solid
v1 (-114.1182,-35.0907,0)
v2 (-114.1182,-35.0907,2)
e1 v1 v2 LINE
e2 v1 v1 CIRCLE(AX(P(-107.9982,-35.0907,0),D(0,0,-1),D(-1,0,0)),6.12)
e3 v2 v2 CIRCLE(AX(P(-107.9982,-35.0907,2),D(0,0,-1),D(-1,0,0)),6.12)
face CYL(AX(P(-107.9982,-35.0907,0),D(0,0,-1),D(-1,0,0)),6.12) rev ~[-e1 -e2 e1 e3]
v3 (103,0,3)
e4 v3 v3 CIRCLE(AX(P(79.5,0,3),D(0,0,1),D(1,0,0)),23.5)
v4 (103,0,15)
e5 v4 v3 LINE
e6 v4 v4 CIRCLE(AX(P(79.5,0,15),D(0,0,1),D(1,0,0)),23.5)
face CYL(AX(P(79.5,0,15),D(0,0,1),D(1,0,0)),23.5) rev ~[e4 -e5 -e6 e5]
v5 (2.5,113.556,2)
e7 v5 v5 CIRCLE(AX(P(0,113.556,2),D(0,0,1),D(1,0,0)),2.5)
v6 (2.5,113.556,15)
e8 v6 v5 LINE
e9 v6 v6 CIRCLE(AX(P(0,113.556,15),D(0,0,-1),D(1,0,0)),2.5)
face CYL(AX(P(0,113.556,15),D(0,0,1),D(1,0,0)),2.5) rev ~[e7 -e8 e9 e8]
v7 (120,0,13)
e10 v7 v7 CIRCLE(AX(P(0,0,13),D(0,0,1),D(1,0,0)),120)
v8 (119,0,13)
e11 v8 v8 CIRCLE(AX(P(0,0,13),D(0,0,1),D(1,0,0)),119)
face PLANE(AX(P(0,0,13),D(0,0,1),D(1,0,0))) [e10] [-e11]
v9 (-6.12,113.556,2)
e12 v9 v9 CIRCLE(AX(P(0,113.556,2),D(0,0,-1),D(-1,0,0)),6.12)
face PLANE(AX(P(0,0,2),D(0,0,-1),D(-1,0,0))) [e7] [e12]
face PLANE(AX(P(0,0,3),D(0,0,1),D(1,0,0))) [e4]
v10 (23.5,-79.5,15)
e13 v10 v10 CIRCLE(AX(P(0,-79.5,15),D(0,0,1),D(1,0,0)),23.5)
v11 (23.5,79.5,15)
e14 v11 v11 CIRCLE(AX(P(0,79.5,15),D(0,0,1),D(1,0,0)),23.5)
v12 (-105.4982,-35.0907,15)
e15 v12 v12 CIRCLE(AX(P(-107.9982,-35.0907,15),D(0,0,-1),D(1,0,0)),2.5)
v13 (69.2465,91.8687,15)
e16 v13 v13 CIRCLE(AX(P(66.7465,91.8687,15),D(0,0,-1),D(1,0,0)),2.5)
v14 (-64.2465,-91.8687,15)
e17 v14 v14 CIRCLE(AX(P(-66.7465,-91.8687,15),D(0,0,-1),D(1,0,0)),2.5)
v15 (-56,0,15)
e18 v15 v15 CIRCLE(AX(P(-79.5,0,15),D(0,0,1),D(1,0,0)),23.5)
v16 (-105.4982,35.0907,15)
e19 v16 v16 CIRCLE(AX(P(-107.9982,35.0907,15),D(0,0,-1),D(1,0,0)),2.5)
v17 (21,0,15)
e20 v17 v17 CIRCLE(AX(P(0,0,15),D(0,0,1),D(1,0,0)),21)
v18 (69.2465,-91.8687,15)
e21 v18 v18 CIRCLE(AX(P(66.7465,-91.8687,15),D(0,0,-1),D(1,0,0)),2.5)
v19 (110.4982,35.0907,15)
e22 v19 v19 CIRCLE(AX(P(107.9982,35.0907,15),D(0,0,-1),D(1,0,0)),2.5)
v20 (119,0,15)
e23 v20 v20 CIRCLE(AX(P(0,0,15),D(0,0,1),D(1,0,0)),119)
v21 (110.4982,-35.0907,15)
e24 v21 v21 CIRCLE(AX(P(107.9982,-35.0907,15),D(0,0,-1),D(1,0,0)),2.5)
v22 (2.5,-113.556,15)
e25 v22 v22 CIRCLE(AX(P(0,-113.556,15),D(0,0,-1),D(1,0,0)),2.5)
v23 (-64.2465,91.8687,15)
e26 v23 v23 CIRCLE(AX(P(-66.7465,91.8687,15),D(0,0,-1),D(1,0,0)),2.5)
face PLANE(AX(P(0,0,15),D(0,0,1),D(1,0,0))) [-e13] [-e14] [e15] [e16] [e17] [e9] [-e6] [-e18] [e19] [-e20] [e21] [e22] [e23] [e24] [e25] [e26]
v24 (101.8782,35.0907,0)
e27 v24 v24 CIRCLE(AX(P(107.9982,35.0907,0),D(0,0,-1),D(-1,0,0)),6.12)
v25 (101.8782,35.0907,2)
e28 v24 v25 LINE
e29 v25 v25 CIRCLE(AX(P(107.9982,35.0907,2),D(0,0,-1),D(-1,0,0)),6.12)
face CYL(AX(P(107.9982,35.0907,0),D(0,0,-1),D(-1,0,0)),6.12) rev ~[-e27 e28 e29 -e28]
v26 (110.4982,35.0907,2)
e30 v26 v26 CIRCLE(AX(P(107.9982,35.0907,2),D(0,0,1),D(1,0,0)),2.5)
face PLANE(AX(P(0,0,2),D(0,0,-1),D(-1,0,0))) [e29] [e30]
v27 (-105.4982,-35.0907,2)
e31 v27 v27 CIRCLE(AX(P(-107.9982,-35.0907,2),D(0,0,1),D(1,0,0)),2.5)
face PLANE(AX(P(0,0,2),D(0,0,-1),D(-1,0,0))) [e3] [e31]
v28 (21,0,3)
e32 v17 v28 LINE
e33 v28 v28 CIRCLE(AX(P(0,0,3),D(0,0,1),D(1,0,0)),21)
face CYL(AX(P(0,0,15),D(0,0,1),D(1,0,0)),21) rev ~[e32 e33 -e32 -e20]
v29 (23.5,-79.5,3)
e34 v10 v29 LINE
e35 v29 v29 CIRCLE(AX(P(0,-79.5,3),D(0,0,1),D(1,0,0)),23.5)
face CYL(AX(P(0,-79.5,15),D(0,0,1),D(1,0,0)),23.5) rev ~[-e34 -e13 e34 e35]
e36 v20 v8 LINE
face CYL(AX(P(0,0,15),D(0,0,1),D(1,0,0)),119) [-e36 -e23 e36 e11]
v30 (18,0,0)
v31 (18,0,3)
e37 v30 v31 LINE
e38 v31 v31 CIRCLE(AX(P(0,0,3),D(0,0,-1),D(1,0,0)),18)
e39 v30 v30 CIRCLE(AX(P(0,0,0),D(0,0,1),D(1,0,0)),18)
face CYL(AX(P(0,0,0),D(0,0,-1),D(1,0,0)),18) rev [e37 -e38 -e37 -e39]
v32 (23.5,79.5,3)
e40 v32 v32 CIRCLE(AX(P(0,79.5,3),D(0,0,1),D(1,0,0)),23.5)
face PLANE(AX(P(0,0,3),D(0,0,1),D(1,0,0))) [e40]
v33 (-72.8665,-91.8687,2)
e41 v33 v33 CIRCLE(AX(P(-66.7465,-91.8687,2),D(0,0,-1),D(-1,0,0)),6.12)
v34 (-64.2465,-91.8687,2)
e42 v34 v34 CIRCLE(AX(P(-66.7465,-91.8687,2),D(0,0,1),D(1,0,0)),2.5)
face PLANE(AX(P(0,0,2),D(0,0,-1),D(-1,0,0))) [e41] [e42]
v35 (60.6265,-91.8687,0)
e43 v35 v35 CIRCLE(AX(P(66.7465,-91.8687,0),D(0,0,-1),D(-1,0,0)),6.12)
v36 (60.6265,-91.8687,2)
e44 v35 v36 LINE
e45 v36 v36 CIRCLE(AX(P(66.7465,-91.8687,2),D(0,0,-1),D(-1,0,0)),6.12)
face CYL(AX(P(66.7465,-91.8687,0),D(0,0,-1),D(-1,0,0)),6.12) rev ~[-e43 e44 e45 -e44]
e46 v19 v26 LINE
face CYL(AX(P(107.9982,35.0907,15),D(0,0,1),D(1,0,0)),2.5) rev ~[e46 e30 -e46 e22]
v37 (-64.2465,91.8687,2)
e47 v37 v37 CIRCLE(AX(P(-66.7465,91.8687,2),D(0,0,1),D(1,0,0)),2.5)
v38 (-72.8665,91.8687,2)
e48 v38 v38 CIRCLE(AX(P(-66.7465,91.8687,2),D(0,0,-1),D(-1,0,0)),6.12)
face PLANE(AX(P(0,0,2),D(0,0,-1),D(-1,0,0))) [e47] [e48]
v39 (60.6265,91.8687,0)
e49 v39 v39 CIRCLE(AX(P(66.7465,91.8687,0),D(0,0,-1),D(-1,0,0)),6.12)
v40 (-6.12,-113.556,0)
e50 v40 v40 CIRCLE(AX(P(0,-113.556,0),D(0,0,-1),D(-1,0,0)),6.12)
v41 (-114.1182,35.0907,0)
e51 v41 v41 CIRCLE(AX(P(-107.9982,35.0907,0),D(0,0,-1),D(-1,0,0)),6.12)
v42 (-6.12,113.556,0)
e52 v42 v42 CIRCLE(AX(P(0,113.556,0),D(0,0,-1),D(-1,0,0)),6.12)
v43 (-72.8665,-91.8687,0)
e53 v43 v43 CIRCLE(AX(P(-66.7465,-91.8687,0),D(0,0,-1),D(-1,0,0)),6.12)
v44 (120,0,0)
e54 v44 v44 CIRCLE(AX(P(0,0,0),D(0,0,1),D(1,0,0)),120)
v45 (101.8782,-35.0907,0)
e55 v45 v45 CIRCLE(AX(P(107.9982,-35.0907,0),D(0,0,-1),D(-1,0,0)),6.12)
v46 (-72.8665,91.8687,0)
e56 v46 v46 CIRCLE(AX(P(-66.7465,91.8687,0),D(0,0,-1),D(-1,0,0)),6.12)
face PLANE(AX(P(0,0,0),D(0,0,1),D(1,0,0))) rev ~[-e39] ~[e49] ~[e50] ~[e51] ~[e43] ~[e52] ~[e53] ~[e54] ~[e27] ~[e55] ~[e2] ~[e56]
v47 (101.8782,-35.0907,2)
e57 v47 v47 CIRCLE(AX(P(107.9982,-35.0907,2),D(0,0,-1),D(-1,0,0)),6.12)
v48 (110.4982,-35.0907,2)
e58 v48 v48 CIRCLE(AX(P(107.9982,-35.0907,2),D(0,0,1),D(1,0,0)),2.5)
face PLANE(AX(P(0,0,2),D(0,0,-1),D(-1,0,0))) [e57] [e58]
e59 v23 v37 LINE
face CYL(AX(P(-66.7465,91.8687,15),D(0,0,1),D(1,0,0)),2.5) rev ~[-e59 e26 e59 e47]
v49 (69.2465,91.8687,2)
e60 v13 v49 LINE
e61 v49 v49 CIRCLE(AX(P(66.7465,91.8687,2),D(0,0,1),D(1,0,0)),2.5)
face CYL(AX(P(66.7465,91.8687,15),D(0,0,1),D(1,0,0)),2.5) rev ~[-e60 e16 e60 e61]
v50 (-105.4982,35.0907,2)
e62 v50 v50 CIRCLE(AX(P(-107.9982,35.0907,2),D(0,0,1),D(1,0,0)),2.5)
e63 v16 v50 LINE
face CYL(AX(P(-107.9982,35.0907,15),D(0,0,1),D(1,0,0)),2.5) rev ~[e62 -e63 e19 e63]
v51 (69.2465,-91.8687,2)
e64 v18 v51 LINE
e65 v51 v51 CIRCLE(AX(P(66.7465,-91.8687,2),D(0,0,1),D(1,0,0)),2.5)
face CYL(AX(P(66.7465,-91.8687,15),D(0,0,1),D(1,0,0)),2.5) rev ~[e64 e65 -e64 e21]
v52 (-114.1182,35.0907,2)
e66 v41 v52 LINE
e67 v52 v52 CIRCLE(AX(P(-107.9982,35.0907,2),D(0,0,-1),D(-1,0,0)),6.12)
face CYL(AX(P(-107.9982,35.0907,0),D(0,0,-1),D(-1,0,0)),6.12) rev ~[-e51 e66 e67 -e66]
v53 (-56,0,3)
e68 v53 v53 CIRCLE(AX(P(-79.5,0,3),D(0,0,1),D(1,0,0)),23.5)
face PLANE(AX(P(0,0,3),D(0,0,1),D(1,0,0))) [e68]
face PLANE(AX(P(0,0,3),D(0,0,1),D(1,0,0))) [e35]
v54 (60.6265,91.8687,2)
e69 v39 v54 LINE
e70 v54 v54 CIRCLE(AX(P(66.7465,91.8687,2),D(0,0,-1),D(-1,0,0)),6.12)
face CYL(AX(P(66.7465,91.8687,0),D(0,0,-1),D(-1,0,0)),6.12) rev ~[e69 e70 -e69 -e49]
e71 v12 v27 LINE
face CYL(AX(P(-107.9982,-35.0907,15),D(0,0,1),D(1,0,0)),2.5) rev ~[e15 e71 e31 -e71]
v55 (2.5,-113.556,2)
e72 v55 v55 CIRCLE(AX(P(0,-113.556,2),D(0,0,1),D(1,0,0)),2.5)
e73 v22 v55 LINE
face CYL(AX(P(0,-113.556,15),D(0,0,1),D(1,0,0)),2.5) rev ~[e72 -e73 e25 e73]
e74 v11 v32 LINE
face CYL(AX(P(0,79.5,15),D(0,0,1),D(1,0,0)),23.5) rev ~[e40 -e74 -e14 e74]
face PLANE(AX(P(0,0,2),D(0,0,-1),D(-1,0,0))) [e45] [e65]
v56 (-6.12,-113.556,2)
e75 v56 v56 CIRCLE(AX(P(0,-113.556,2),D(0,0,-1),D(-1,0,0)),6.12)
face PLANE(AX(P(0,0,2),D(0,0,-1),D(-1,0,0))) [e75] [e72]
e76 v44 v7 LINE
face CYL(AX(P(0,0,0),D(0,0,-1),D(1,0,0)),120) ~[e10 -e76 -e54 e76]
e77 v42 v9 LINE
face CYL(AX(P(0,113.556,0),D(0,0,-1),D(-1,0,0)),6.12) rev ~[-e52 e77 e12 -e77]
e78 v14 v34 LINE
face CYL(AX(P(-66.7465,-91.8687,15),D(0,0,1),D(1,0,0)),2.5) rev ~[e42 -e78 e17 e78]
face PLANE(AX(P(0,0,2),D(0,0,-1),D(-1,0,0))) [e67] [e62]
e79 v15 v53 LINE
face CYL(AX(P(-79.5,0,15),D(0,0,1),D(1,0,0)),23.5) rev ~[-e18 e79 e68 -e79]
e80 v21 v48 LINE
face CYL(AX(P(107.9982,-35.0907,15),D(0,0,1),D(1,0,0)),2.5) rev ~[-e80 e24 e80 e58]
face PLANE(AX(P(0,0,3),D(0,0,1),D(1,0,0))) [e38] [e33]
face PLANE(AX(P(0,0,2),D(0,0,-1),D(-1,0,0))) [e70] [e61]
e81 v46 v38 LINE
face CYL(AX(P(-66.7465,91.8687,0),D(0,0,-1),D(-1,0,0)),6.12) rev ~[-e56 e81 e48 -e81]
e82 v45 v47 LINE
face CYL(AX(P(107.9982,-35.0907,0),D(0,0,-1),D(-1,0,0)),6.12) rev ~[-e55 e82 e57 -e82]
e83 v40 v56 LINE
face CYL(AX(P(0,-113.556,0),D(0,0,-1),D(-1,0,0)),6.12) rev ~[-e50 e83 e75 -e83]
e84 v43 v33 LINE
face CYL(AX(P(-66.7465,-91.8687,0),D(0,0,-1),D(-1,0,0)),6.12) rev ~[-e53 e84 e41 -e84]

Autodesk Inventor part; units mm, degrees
ref_plane "YZ Plane" through (0, 0, 0) normal (1, 0, 0) x (0, 1, 0)
ref_plane "XZ Plane" through (0, 0, 0) normal (0, 1, 0) x (-1, 0, 0)
ref_plane "XY Plane" through (0, 0, 0) normal (0, 0, 1) x (1, 0, 0)
sketch "Sketch1" plane through (0, 0, 0) normal (0, 0, 1) x (1, 0, 0)
  circle A0 centre (0, 0) radius 120
  circle A1 centre (0, 0) radius 18
  dimension "d0" = 240
  dimension "d1" = 36
extrude "Extrusion1" add sketch "Sketch1" along normal blind 15
sketch "Sketch2" plane through (0, 0, 15) normal (0, 0, 1) x (1, 0, 0)
  circle A0 centre (79.5, 0) radius 23.5
  circle A1 centre (0, 79.5) radius 23.5
  circle A2 centre (-79.5, 0) radius 23.5
  circle A3 centre (0, -79.5) radius 23.5
  point P0 (0, 0)
  dimension "d5" = 47
  dimension "d7" = 47
  dimension "d8" = 47
  dimension "d9" = 47
extrude "Extrusion2" cut sketch "Sketch2" against normal blind 12
sketch "Sketch3" plane through (0, 0, 15) normal (0, 0, 1) x (1, 0, 0)
  circle A0 centre (0, 0) radius 21
  dimension "d12" = 42
extrude "Extrusion3" cut sketch "Sketch3" against normal blind 12
sketch "Sketch4" plane through (0, 0, 15) normal (0, 0, 1) x (1, 0, 0)
  circle A0 centre (0, 0) radius 18 projected
  circle A1 centre (0, 0) radius 119
  circle A2 centre (0, 0) radius 120
  dimension "d15" = 238
  dimension "d16" = 240
extrude "Extrusion4" cut sketch "Sketch4" against normal blind 2 contours A2
sketch "Sketch5" plane through (0, 0, 15) normal (0, 0, 1) x (1, 0, 0)
  circle A0 centre (0, 0) radius 21 projected
  line L0 (0, 0) -> (0, 113.556) construction
  circle A1 centre (0, 113.556) radius 2.5
  circle A2 centre (0, 0) radius 18 projected
  circle A3 centre (0, 0) radius 113.556
  circle A4 centre (-66.7465, 91.8687) radius 2.5
  circle A5 centre (-107.9982, 35.0907) radius 2.5
  circle A6 centre (-107.9982, -35.0907) radius 2.5
  circle A7 centre (-66.7465, -91.8687) radius 2.5
  circle A8 centre (0, -113.556) radius 2.5
  circle A9 centre (66.7465, -91.8687) radius 2.5
  circle A10 centre (107.9982, -35.0907) radius 2.5
  circle A11 centre (107.9982, 35.0907) radius 2.5
  circle A12 centre (66.7465, 91.8687) radius 2.5
  dimension "d19" = 113.556
  dimension "d20" = 5
  dimension "d24" = 360
extrude "Extrusion5" cut sketch "Sketch5" against normal blind 15 contours A1 A3 | A3 A1 | A4 A3 | A3 A4 | A12 A3 | A3 A12 | A5 A3 | A3 A5 | A11 A3 | A3 A11 | A6 A3 | A3 A6 | A10 A3 | A3 A10 | A7 A3 | A3 A7 | A9 A3 | A3 A9 | A8 A3 | A3 A8
sketch "Sketch7" plane through (0, 0, 0) normal (0, 0, -1) x (-1, 0, 0)
  circle A0 centre (0, 113.556) radius 2.5 projected
  circle A1 centre (0, 113.556) radius 6.12
  circle A2 centre (0, 0) radius 113.556 construction
  circle A3 centre (0, 0) radius 113.556 construction
  circle A4 centre (-66.7465, 91.8687) radius 6.12
  circle A5 centre (0, 0) radius 113.556 construction
  circle A6 centre (-107.9982, 35.0907) radius 6.12
  circle A7 centre (0, 0) radius 113.556 construction
  circle A8 centre (-107.9982, -35.0907) radius 6.12
  circle A9 centre (0, 0) radius 113.556 construction
  circle A10 centre (-66.7465, -91.8687) radius 6.12
  circle A11 centre (0, 0) radius 113.556 construction
  circle A12 centre (0, -113.556) radius 6.12
  circle A13 centre (0, 0) radius 113.556 construction
  circle A14 centre (66.7465, -91.8687) radius 6.12
  circle A15 centre (0, 0) radius 113.556 construction
  circle A16 centre (107.9982, -35.0907) radius 6.12
  circle A17 centre (0, 0) radius 113.556 construction
  circle A18 centre (107.9982, 35.0907) radius 6.12
  circle A19 centre (0, 0) radius 113.556 construction
  circle A20 centre (66.7465, 91.8687) radius 6.12
  dimension "d28" = 12.24
  dimension "d31" = 360
extrude "Extrusion6" cut sketch "Sketch7" against normal blind 2 contours A0 | A1 | A4 | A6 | A8 | A10 | A12 | A14 | A16 | A18 | A20
properties part number "Tampa_Superior"
